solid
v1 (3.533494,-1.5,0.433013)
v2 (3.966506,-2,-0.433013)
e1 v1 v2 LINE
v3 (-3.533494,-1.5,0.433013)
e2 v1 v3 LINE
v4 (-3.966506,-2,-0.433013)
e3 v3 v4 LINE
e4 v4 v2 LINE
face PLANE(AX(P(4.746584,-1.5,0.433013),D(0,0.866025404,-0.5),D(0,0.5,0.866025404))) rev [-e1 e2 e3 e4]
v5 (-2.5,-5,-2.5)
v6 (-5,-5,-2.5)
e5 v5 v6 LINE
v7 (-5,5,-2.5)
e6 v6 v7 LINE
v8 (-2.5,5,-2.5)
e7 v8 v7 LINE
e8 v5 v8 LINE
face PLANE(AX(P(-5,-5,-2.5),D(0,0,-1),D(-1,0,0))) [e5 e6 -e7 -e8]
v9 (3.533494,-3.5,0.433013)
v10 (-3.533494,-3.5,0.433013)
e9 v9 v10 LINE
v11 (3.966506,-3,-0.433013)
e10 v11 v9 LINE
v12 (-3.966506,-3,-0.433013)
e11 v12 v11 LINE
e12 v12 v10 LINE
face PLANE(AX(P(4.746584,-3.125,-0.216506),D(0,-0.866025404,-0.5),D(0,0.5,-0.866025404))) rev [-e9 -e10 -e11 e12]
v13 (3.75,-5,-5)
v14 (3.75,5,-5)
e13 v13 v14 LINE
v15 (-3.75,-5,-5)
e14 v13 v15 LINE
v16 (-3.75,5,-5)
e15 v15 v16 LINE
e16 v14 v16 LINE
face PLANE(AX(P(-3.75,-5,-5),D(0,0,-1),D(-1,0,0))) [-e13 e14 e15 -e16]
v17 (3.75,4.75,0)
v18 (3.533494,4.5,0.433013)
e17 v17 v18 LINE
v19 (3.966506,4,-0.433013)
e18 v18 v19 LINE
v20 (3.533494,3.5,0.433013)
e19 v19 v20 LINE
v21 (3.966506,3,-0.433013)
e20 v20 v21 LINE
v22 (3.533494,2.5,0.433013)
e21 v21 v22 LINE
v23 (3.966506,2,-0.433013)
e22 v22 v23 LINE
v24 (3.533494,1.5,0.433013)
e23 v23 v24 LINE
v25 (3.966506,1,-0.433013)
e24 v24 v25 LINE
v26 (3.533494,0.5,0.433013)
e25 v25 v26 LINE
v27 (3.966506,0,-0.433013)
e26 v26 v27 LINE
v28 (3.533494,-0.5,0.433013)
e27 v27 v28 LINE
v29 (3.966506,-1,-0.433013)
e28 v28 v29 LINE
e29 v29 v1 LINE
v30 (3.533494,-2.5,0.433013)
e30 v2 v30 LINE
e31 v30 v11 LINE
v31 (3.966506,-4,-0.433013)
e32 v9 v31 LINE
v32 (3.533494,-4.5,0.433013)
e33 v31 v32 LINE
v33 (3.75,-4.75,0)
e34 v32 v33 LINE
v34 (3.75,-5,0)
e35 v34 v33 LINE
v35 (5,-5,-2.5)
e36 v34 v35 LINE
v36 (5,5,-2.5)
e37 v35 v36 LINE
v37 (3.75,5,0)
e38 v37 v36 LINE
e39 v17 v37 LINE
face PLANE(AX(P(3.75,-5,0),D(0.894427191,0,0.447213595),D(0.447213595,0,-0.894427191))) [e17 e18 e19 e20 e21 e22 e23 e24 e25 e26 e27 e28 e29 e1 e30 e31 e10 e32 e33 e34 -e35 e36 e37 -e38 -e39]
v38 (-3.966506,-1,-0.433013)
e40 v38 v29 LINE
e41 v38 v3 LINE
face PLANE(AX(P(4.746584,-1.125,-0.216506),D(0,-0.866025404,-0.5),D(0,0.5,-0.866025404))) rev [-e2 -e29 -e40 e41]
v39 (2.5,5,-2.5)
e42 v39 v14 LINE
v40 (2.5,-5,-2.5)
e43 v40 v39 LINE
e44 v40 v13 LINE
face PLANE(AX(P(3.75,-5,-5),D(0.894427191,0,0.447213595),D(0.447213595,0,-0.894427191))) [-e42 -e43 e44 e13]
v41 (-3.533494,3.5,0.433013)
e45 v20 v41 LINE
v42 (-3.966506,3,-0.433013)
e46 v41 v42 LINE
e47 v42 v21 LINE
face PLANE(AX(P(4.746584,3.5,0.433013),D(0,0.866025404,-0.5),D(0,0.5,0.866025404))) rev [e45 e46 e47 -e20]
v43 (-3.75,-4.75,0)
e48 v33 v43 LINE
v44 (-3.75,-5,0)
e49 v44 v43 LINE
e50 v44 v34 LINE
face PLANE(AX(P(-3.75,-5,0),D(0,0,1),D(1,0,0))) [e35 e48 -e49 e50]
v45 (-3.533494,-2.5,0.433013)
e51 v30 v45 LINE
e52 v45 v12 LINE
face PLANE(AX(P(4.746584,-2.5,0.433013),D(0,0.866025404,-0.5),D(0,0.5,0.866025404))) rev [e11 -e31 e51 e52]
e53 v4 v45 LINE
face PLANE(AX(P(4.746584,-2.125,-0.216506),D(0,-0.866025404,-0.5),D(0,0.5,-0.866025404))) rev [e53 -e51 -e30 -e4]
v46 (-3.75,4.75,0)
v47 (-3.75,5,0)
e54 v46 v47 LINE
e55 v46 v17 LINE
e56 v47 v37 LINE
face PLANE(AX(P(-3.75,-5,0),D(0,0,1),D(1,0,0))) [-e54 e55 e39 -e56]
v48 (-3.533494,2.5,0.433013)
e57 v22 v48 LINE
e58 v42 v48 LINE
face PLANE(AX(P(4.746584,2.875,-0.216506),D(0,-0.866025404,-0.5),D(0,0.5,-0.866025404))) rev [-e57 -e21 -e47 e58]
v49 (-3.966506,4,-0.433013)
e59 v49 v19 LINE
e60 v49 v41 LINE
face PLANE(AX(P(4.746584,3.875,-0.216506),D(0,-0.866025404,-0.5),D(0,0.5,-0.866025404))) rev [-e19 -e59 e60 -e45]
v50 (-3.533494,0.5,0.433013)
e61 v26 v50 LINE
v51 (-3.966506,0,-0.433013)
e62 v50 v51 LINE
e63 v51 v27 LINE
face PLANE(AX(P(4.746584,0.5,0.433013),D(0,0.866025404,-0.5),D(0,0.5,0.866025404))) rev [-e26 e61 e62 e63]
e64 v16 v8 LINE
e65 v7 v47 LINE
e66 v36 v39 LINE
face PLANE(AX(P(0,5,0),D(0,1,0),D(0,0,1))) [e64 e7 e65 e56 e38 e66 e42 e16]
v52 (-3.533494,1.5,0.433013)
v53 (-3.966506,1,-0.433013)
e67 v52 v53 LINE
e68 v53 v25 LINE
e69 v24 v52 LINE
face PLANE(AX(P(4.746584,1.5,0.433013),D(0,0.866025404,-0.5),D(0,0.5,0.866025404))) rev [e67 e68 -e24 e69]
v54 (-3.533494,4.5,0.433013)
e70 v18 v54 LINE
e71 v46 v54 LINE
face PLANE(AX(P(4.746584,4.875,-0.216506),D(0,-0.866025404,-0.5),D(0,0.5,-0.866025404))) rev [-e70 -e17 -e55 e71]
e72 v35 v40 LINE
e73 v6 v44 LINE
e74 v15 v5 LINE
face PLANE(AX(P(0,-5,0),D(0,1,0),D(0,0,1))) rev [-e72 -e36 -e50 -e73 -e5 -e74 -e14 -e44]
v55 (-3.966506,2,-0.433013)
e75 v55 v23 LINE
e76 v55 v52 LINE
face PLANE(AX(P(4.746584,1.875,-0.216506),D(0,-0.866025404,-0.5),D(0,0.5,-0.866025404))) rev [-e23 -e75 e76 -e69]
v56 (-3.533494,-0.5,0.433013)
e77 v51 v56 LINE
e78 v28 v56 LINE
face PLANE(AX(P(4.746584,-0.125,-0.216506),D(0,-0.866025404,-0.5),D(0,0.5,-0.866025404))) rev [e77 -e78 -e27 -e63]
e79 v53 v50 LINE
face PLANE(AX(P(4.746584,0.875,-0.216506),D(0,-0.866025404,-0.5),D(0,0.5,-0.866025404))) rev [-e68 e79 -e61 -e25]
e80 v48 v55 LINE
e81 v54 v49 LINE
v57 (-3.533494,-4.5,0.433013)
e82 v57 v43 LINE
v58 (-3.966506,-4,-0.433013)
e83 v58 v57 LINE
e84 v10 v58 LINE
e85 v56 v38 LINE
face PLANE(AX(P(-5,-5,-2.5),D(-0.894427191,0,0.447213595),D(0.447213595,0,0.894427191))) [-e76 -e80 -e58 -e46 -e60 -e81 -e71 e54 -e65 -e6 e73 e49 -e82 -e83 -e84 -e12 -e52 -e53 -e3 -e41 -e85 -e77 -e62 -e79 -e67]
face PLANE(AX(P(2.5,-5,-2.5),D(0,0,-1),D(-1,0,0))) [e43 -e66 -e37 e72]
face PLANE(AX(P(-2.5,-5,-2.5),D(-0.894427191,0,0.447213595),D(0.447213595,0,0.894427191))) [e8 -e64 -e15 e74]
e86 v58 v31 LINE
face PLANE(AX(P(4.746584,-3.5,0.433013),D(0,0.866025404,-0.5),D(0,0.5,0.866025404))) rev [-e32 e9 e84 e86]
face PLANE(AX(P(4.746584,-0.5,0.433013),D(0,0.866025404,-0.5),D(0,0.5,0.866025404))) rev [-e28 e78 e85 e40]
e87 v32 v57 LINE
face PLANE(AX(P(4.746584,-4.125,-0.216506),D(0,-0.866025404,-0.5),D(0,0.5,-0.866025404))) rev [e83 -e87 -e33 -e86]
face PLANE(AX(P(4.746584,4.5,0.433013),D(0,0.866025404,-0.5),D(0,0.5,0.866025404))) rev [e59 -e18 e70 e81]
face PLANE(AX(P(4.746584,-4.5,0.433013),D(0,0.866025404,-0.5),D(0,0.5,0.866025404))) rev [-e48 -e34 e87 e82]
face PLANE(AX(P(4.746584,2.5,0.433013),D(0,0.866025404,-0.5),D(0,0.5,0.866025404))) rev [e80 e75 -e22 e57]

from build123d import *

# Parameters (mm, degrees)
BOSS_EXTRUDE1_DEPTH             = 5
BOSS_EXTRUDE1_DEPTH_BACK        = 5
BOSS_EXTRUDE2_REACH             = 10.66
BOSS_EXTRUDE2_DIRECTION_2_REACH = 10.66
CUT_EXTRUDE1_DEPTH              = 9.660254038
CUT_EXTRUDE1_DEPTH_BACK         = 9.660254038


with BuildPart() as part:
    # Sketch1 → Boss-Extrude1 (new, two sides: drawn at the far end of the back side and taken through both)
    with BuildSketch(Plane(origin=(0, 0, 0), x_dir=(1, 0, 0), z_dir=(0, 1, 0)).offset(-BOSS_EXTRUDE1_DEPTH_BACK)):
        Polygon((-3.75, 0), (3.75, 0), (5, 2.5), (2.5, 2.5), (3.75, 5), (-3.75, 5), (-2.5, 2.5), (-5, 2.5), align=None)
    extrude(amount=BOSS_EXTRUDE1_DEPTH + BOSS_EXTRUDE1_DEPTH_BACK)

    # Boss-Extrude2: up to this plane
    boss_extrude2_end = Plane(origin=(3.75, -5, 0), z_dir=(0.8944271909999159, 0, 0.44721359549995815))
    # Sketch3 → Boss-Extrude2 (add, up to the surface)
    with BuildSketch(Plane(origin=(0, 0, 0), x_dir=(0, 0, -1), z_dir=(1, 0, 0)), mode=Mode.PRIVATE) as boss_extrude2_sk1:
        Polygon((-0.433012702, 4.5), (0.216506351, 4.125), (0.216506351, 4.875), align=None)
    boss_extrude2_tool1 = split(extrude(boss_extrude2_sk1.sketch, amount=BOSS_EXTRUDE2_REACH, mode=Mode.PRIVATE), bisect_by=boss_extrude2_end, keep=Keep.BOTH, mode=Mode.PRIVATE)
    add(boss_extrude2_tool1.solids().sort_by_distance((0, 4.5, 0))[0])
    # Sketch3 → Boss-Extrude2 (add, up to the surface)
    with BuildSketch(Plane(origin=(0, 0, 0), x_dir=(0, 0, -1), z_dir=(1, 0, 0)), mode=Mode.PRIVATE) as boss_extrude2_sk2:
        Polygon((0.216506351, 3.875), (-0.433012702, 3.5), (0.216506351, 3.125), align=None)
    boss_extrude2_tool2 = split(extrude(boss_extrude2_sk2.sketch, amount=BOSS_EXTRUDE2_REACH, mode=Mode.PRIVATE), bisect_by=boss_extrude2_end, keep=Keep.BOTH, mode=Mode.PRIVATE)
    add(boss_extrude2_tool2.solids().sort_by_distance((0, 3.5, 0))[0])
    # Sketch3 → Boss-Extrude2 (add, up to the surface)
    with BuildSketch(Plane(origin=(0, 0, 0), x_dir=(0, 0, -1), z_dir=(1, 0, 0)), mode=Mode.PRIVATE) as boss_extrude2_sk3:
        Polygon((0.216506351, 2.875), (-0.433012702, 2.5), (0.216506351, 2.125), align=None)
    boss_extrude2_tool3 = split(extrude(boss_extrude2_sk3.sketch, amount=BOSS_EXTRUDE2_REACH, mode=Mode.PRIVATE), bisect_by=boss_extrude2_end, keep=Keep.BOTH, mode=Mode.PRIVATE)
    add(boss_extrude2_tool3.solids().sort_by_distance((0, 2.5, 0))[0])
    # Sketch3 → Boss-Extrude2 (add, up to the surface)
    with BuildSketch(Plane(origin=(0, 0, 0), x_dir=(0, 0, -1), z_dir=(1, 0, 0)), mode=Mode.PRIVATE) as boss_extrude2_sk4:
        Polygon((0.216506351, 1.875), (-0.433012702, 1.5), (0.216506351, 1.125), align=None)
    boss_extrude2_tool4 = split(extrude(boss_extrude2_sk4.sketch, amount=BOSS_EXTRUDE2_REACH, mode=Mode.PRIVATE), bisect_by=boss_extrude2_end, keep=Keep.BOTH, mode=Mode.PRIVATE)
    add(boss_extrude2_tool4.solids().sort_by_distance((0, 1.5, 0))[0])
    # Sketch3 → Boss-Extrude2 (add, up to the surface)
    with BuildSketch(Plane(origin=(0, 0, 0), x_dir=(0, 0, -1), z_dir=(1, 0, 0)), mode=Mode.PRIVATE) as boss_extrude2_sk5:
        Polygon((0.216506351, 0.875), (-0.433012702, 0.5), (0.216506351, 0.125), align=None)
    boss_extrude2_tool5 = split(extrude(boss_extrude2_sk5.sketch, amount=BOSS_EXTRUDE2_REACH, mode=Mode.PRIVATE), bisect_by=boss_extrude2_end, keep=Keep.BOTH, mode=Mode.PRIVATE)
    add(boss_extrude2_tool5.solids().sort_by_distance((0, 0.5, 0))[0])
    # Sketch3 → Boss-Extrude2 (add, up to the surface)
    with BuildSketch(Plane(origin=(0, 0, 0), x_dir=(0, 0, -1), z_dir=(1, 0, 0)), mode=Mode.PRIVATE) as boss_extrude2_sk6:
        Polygon((0.216506351, -0.125), (-0.433012702, -0.5), (0.216506351, -0.875), align=None)
    boss_extrude2_tool6 = split(extrude(boss_extrude2_sk6.sketch, amount=BOSS_EXTRUDE2_REACH, mode=Mode.PRIVATE), bisect_by=boss_extrude2_end, keep=Keep.BOTH, mode=Mode.PRIVATE)
    add(boss_extrude2_tool6.solids().sort_by_distance((0, -0.5, 0))[0])
    # Sketch3 → Boss-Extrude2 (add, up to the surface)
    with BuildSketch(Plane(origin=(0, 0, 0), x_dir=(0, 0, -1), z_dir=(1, 0, 0)), mode=Mode.PRIVATE) as boss_extrude2_sk7:
        Polygon((0.216506351, -1.125), (-0.433012702, -1.5), (0.216506351, -1.875), align=None)
    boss_extrude2_tool7 = split(extrude(boss_extrude2_sk7.sketch, amount=BOSS_EXTRUDE2_REACH, mode=Mode.PRIVATE), bisect_by=boss_extrude2_end, keep=Keep.BOTH, mode=Mode.PRIVATE)
    add(boss_extrude2_tool7.solids().sort_by_distance((0, -1.5, 0))[0])
    # Sketch3 → Boss-Extrude2 (add, up to the surface)
    with BuildSketch(Plane(origin=(0, 0, 0), x_dir=(0, 0, -1), z_dir=(1, 0, 0)), mode=Mode.PRIVATE) as boss_extrude2_sk8:
        Polygon((0.216506351, -2.125), (-0.433012702, -2.5), (0.216506351, -2.875), align=None)
    boss_extrude2_tool8 = split(extrude(boss_extrude2_sk8.sketch, amount=BOSS_EXTRUDE2_REACH, mode=Mode.PRIVATE), bisect_by=boss_extrude2_end, keep=Keep.BOTH, mode=Mode.PRIVATE)
    add(boss_extrude2_tool8.solids().sort_by_distance((0, -2.5, 0))[0])
    # Sketch3 → Boss-Extrude2 (add, up to the surface)
    with BuildSketch(Plane(origin=(0, 0, 0), x_dir=(0, 0, -1), z_dir=(1, 0, 0)), mode=Mode.PRIVATE) as boss_extrude2_sk9:
        Polygon((0.216506351, -3.125), (-0.433012702, -3.5), (0.216506351, -3.875), align=None)
    boss_extrude2_tool9 = split(extrude(boss_extrude2_sk9.sketch, amount=BOSS_EXTRUDE2_REACH, mode=Mode.PRIVATE), bisect_by=boss_extrude2_end, keep=Keep.BOTH, mode=Mode.PRIVATE)
    add(boss_extrude2_tool9.solids().sort_by_distance((0, -3.5, 0))[0])
    # Sketch3 → Boss-Extrude2 (add, up to the surface)
    with BuildSketch(Plane(origin=(0, 0, 0), x_dir=(0, 0, -1), z_dir=(1, 0, 0)), mode=Mode.PRIVATE) as boss_extrude2_sk10:
        Polygon((0.216506351, -4.125), (-0.433012702, -4.5), (0.216506351, -4.875), align=None)
    boss_extrude2_tool10 = split(extrude(boss_extrude2_sk10.sketch, amount=BOSS_EXTRUDE2_REACH, mode=Mode.PRIVATE), bisect_by=boss_extrude2_end, keep=Keep.BOTH, mode=Mode.PRIVATE)
    add(boss_extrude2_tool10.solids().sort_by_distance((0, -4.5, 0))[0])

    # Boss-Extrude2 direction 2: up to this plane
    boss_extrude2_direction_2_end = Plane(origin=(-5, -5, -2.5), z_dir=(-0.8944271909999154, 0, 0.44721359549995904))
    # Sketch3 → Boss-Extrude2 direction 2 (add, up to the surface)
    with BuildSketch(Plane(origin=(0, 0, 0), x_dir=(0, 0, -1), z_dir=(1, 0, 0)), mode=Mode.PRIVATE) as boss_extrude2_direction_2_sk1:
        Polygon((-0.433012702, 4.5), (0.216506351, 4.125), (0.216506351, 4.875), align=None)
    boss_extrude2_direction_2_tool1 = split(extrude(boss_extrude2_direction_2_sk1.sketch, amount=-BOSS_EXTRUDE2_DIRECTION_2_REACH, mode=Mode.PRIVATE), bisect_by=boss_extrude2_direction_2_end, keep=Keep.BOTH, mode=Mode.PRIVATE)
    add(boss_extrude2_direction_2_tool1.solids().sort_by_distance((0, 4.5, 0))[0])
    # Sketch3 → Boss-Extrude2 direction 2 (add, up to the surface)
    with BuildSketch(Plane(origin=(0, 0, 0), x_dir=(0, 0, -1), z_dir=(1, 0, 0)), mode=Mode.PRIVATE) as boss_extrude2_direction_2_sk2:
        Polygon((0.216506351, 3.875), (-0.433012702, 3.5), (0.216506351, 3.125), align=None)
    boss_extrude2_direction_2_tool2 = split(extrude(boss_extrude2_direction_2_sk2.sketch, amount=-BOSS_EXTRUDE2_DIRECTION_2_REACH, mode=Mode.PRIVATE), bisect_by=boss_extrude2_direction_2_end, keep=Keep.BOTH, mode=Mode.PRIVATE)
    add(boss_extrude2_direction_2_tool2.solids().sort_by_distance((0, 3.5, 0))[0])
    # Sketch3 → Boss-Extrude2 direction 2 (add, up to the surface)
    with BuildSketch(Plane(origin=(0, 0, 0), x_dir=(0, 0, -1), z_dir=(1, 0, 0)), mode=Mode.PRIVATE) as boss_extrude2_direction_2_sk3:
        Polygon((0.216506351, 2.875), (-0.433012702, 2.5), (0.216506351, 2.125), align=None)
    boss_extrude2_direction_2_tool3 = split(extrude(boss_extrude2_direction_2_sk3.sketch, amount=-BOSS_EXTRUDE2_DIRECTION_2_REACH, mode=Mode.PRIVATE), bisect_by=boss_extrude2_direction_2_end, keep=Keep.BOTH, mode=Mode.PRIVATE)
    add(boss_extrude2_direction_2_tool3.solids().sort_by_distance((0, 2.5, 0))[0])
    # Sketch3 → Boss-Extrude2 direction 2 (add, up to the surface)
    with BuildSketch(Plane(origin=(0, 0, 0), x_dir=(0, 0, -1), z_dir=(1, 0, 0)), mode=Mode.PRIVATE) as boss_extrude2_direction_2_sk4:
        Polygon((0.216506351, 1.875), (-0.433012702, 1.5), (0.216506351, 1.125), align=None)
    boss_extrude2_direction_2_tool4 = split(extrude(boss_extrude2_direction_2_sk4.sketch, amount=-BOSS_EXTRUDE2_DIRECTION_2_REACH, mode=Mode.PRIVATE), bisect_by=boss_extrude2_direction_2_end, keep=Keep.BOTH, mode=Mode.PRIVATE)
    add(boss_extrude2_direction_2_tool4.solids().sort_by_distance((0, 1.5, 0))[0])
    # Sketch3 → Boss-Extrude2 direction 2 (add, up to the surface)
    with BuildSketch(Plane(origin=(0, 0, 0), x_dir=(0, 0, -1), z_dir=(1, 0, 0)), mode=Mode.PRIVATE) as boss_extrude2_direction_2_sk5:
        Polygon((0.216506351, 0.875), (-0.433012702, 0.5), (0.216506351, 0.125), align=None)
    boss_extrude2_direction_2_tool5 = split(extrude(boss_extrude2_direction_2_sk5.sketch, amount=-BOSS_EXTRUDE2_DIRECTION_2_REACH, mode=Mode.PRIVATE), bisect_by=boss_extrude2_direction_2_end, keep=Keep.BOTH, mode=Mode.PRIVATE)
    add(boss_extrude2_direction_2_tool5.solids().sort_by_distance((0, 0.5, 0))[0])
    # Sketch3 → Boss-Extrude2 direction 2 (add, up to the surface)
    with BuildSketch(Plane(origin=(0, 0, 0), x_dir=(0, 0, -1), z_dir=(1, 0, 0)), mode=Mode.PRIVATE) as boss_extrude2_direction_2_sk6:
        Polygon((0.216506351, -0.125), (-0.433012702, -0.5), (0.216506351, -0.875), align=None)
    boss_extrude2_direction_2_tool6 = split(extrude(boss_extrude2_direction_2_sk6.sketch, amount=-BOSS_EXTRUDE2_DIRECTION_2_REACH, mode=Mode.PRIVATE), bisect_by=boss_extrude2_direction_2_end, keep=Keep.BOTH, mode=Mode.PRIVATE)
    add(boss_extrude2_direction_2_tool6.solids().sort_by_distance((0, -0.5, 0))[0])
    # Sketch3 → Boss-Extrude2 direction 2 (add, up to the surface)
    with BuildSketch(Plane(origin=(0, 0, 0), x_dir=(0, 0, -1), z_dir=(1, 0, 0)), mode=Mode.PRIVATE) as boss_extrude2_direction_2_sk7:
        Polygon((0.216506351, -1.125), (-0.433012702, -1.5), (0.216506351, -1.875), align=None)
    boss_extrude2_direction_2_tool7 = split(extrude(boss_extrude2_direction_2_sk7.sketch, amount=-BOSS_EXTRUDE2_DIRECTION_2_REACH, mode=Mode.PRIVATE), bisect_by=boss_extrude2_direction_2_end, keep=Keep.BOTH, mode=Mode.PRIVATE)
    add(boss_extrude2_direction_2_tool7.solids().sort_by_distance((0, -1.5, 0))[0])
    # Sketch3 → Boss-Extrude2 direction 2 (add, up to the surface)
    with BuildSketch(Plane(origin=(0, 0, 0), x_dir=(0, 0, -1), z_dir=(1, 0, 0)), mode=Mode.PRIVATE) as boss_extrude2_direction_2_sk8:
        Polygon((0.216506351, -2.125), (-0.433012702, -2.5), (0.216506351, -2.875), align=None)
    boss_extrude2_direction_2_tool8 = split(extrude(boss_extrude2_direction_2_sk8.sketch, amount=-BOSS_EXTRUDE2_DIRECTION_2_REACH, mode=Mode.PRIVATE), bisect_by=boss_extrude2_direction_2_end, keep=Keep.BOTH, mode=Mode.PRIVATE)
    add(boss_extrude2_direction_2_tool8.solids().sort_by_distance((0, -2.5, 0))[0])
    # Sketch3 → Boss-Extrude2 direction 2 (add, up to the surface)
    with BuildSketch(Plane(origin=(0, 0, 0), x_dir=(0, 0, -1), z_dir=(1, 0, 0)), mode=Mode.PRIVATE) as boss_extrude2_direction_2_sk9:
        Polygon((0.216506351, -3.125), (-0.433012702, -3.5), (0.216506351, -3.875), align=None)
    boss_extrude2_direction_2_tool9 = split(extrude(boss_extrude2_direction_2_sk9.sketch, amount=-BOSS_EXTRUDE2_DIRECTION_2_REACH, mode=Mode.PRIVATE), bisect_by=boss_extrude2_direction_2_end, keep=Keep.BOTH, mode=Mode.PRIVATE)
    add(boss_extrude2_direction_2_tool9.solids().sort_by_distance((0, -3.5, 0))[0])
    # Sketch3 → Boss-Extrude2 direction 2 (add, up to the surface)
    with BuildSketch(Plane(origin=(0, 0, 0), x_dir=(0, 0, -1), z_dir=(1, 0, 0)), mode=Mode.PRIVATE) as boss_extrude2_direction_2_sk10:
        Polygon((0.216506351, -4.125), (-0.433012702, -4.5), (0.216506351, -4.875), align=None)
    boss_extrude2_direction_2_tool10 = split(extrude(boss_extrude2_direction_2_sk10.sketch, amount=-BOSS_EXTRUDE2_DIRECTION_2_REACH, mode=Mode.PRIVATE), bisect_by=boss_extrude2_direction_2_end, keep=Keep.BOTH, mode=Mode.PRIVATE)
    add(boss_extrude2_direction_2_tool10.solids().sort_by_distance((0, -4.5, 0))[0])

    # Sketch4 → Cut-Extrude1 (cut, two sides: drawn at the far end of the back side and taken through both)
    with BuildSketch(Plane(origin=(0, 0, 0), x_dir=(0, 0, -1), z_dir=(1, 0, 0)).offset(-CUT_EXTRUDE1_DEPTH_BACK)):
        Polygon((0.433012702, 4), (-0.216506351, 4.375), (-0.216506351, 3.625), align=None)
        Polygon((-0.216506351, 2.625), (0.433012702, 3), (-0.216506351, 3.375), align=None)
        Polygon((-0.216506351, 1.625), (0.433012702, 2), (-0.216506351, 2.375), align=None)
        Polygon((-0.216506351, 0.625), (0.433012702, 1), (-0.216506351, 1.375), align=None)
        Polygon((-0.216506351, -0.375), (0.433012702, 0), (-0.216506351, 0.375), align=None)
        Polygon((-0.216506351, -1.375), (0.433012702, -1), (-0.216506351, -0.625), align=None)
        Polygon((-0.216506351, -2.375), (0.433012702, -2), (-0.216506351, -1.625), align=None)
        Polygon((-0.216506351, -3.375), (0.433012702, -3), (-0.216506351, -2.625), align=None)
        Polygon((-0.216506351, -4.375), (0.433012702, -4), (-0.216506351, -3.625), align=None)
    extrude(amount=CUT_EXTRUDE1_DEPTH + CUT_EXTRUDE1_DEPTH_BACK, mode=Mode.SUBTRACT)


solid = part.part
